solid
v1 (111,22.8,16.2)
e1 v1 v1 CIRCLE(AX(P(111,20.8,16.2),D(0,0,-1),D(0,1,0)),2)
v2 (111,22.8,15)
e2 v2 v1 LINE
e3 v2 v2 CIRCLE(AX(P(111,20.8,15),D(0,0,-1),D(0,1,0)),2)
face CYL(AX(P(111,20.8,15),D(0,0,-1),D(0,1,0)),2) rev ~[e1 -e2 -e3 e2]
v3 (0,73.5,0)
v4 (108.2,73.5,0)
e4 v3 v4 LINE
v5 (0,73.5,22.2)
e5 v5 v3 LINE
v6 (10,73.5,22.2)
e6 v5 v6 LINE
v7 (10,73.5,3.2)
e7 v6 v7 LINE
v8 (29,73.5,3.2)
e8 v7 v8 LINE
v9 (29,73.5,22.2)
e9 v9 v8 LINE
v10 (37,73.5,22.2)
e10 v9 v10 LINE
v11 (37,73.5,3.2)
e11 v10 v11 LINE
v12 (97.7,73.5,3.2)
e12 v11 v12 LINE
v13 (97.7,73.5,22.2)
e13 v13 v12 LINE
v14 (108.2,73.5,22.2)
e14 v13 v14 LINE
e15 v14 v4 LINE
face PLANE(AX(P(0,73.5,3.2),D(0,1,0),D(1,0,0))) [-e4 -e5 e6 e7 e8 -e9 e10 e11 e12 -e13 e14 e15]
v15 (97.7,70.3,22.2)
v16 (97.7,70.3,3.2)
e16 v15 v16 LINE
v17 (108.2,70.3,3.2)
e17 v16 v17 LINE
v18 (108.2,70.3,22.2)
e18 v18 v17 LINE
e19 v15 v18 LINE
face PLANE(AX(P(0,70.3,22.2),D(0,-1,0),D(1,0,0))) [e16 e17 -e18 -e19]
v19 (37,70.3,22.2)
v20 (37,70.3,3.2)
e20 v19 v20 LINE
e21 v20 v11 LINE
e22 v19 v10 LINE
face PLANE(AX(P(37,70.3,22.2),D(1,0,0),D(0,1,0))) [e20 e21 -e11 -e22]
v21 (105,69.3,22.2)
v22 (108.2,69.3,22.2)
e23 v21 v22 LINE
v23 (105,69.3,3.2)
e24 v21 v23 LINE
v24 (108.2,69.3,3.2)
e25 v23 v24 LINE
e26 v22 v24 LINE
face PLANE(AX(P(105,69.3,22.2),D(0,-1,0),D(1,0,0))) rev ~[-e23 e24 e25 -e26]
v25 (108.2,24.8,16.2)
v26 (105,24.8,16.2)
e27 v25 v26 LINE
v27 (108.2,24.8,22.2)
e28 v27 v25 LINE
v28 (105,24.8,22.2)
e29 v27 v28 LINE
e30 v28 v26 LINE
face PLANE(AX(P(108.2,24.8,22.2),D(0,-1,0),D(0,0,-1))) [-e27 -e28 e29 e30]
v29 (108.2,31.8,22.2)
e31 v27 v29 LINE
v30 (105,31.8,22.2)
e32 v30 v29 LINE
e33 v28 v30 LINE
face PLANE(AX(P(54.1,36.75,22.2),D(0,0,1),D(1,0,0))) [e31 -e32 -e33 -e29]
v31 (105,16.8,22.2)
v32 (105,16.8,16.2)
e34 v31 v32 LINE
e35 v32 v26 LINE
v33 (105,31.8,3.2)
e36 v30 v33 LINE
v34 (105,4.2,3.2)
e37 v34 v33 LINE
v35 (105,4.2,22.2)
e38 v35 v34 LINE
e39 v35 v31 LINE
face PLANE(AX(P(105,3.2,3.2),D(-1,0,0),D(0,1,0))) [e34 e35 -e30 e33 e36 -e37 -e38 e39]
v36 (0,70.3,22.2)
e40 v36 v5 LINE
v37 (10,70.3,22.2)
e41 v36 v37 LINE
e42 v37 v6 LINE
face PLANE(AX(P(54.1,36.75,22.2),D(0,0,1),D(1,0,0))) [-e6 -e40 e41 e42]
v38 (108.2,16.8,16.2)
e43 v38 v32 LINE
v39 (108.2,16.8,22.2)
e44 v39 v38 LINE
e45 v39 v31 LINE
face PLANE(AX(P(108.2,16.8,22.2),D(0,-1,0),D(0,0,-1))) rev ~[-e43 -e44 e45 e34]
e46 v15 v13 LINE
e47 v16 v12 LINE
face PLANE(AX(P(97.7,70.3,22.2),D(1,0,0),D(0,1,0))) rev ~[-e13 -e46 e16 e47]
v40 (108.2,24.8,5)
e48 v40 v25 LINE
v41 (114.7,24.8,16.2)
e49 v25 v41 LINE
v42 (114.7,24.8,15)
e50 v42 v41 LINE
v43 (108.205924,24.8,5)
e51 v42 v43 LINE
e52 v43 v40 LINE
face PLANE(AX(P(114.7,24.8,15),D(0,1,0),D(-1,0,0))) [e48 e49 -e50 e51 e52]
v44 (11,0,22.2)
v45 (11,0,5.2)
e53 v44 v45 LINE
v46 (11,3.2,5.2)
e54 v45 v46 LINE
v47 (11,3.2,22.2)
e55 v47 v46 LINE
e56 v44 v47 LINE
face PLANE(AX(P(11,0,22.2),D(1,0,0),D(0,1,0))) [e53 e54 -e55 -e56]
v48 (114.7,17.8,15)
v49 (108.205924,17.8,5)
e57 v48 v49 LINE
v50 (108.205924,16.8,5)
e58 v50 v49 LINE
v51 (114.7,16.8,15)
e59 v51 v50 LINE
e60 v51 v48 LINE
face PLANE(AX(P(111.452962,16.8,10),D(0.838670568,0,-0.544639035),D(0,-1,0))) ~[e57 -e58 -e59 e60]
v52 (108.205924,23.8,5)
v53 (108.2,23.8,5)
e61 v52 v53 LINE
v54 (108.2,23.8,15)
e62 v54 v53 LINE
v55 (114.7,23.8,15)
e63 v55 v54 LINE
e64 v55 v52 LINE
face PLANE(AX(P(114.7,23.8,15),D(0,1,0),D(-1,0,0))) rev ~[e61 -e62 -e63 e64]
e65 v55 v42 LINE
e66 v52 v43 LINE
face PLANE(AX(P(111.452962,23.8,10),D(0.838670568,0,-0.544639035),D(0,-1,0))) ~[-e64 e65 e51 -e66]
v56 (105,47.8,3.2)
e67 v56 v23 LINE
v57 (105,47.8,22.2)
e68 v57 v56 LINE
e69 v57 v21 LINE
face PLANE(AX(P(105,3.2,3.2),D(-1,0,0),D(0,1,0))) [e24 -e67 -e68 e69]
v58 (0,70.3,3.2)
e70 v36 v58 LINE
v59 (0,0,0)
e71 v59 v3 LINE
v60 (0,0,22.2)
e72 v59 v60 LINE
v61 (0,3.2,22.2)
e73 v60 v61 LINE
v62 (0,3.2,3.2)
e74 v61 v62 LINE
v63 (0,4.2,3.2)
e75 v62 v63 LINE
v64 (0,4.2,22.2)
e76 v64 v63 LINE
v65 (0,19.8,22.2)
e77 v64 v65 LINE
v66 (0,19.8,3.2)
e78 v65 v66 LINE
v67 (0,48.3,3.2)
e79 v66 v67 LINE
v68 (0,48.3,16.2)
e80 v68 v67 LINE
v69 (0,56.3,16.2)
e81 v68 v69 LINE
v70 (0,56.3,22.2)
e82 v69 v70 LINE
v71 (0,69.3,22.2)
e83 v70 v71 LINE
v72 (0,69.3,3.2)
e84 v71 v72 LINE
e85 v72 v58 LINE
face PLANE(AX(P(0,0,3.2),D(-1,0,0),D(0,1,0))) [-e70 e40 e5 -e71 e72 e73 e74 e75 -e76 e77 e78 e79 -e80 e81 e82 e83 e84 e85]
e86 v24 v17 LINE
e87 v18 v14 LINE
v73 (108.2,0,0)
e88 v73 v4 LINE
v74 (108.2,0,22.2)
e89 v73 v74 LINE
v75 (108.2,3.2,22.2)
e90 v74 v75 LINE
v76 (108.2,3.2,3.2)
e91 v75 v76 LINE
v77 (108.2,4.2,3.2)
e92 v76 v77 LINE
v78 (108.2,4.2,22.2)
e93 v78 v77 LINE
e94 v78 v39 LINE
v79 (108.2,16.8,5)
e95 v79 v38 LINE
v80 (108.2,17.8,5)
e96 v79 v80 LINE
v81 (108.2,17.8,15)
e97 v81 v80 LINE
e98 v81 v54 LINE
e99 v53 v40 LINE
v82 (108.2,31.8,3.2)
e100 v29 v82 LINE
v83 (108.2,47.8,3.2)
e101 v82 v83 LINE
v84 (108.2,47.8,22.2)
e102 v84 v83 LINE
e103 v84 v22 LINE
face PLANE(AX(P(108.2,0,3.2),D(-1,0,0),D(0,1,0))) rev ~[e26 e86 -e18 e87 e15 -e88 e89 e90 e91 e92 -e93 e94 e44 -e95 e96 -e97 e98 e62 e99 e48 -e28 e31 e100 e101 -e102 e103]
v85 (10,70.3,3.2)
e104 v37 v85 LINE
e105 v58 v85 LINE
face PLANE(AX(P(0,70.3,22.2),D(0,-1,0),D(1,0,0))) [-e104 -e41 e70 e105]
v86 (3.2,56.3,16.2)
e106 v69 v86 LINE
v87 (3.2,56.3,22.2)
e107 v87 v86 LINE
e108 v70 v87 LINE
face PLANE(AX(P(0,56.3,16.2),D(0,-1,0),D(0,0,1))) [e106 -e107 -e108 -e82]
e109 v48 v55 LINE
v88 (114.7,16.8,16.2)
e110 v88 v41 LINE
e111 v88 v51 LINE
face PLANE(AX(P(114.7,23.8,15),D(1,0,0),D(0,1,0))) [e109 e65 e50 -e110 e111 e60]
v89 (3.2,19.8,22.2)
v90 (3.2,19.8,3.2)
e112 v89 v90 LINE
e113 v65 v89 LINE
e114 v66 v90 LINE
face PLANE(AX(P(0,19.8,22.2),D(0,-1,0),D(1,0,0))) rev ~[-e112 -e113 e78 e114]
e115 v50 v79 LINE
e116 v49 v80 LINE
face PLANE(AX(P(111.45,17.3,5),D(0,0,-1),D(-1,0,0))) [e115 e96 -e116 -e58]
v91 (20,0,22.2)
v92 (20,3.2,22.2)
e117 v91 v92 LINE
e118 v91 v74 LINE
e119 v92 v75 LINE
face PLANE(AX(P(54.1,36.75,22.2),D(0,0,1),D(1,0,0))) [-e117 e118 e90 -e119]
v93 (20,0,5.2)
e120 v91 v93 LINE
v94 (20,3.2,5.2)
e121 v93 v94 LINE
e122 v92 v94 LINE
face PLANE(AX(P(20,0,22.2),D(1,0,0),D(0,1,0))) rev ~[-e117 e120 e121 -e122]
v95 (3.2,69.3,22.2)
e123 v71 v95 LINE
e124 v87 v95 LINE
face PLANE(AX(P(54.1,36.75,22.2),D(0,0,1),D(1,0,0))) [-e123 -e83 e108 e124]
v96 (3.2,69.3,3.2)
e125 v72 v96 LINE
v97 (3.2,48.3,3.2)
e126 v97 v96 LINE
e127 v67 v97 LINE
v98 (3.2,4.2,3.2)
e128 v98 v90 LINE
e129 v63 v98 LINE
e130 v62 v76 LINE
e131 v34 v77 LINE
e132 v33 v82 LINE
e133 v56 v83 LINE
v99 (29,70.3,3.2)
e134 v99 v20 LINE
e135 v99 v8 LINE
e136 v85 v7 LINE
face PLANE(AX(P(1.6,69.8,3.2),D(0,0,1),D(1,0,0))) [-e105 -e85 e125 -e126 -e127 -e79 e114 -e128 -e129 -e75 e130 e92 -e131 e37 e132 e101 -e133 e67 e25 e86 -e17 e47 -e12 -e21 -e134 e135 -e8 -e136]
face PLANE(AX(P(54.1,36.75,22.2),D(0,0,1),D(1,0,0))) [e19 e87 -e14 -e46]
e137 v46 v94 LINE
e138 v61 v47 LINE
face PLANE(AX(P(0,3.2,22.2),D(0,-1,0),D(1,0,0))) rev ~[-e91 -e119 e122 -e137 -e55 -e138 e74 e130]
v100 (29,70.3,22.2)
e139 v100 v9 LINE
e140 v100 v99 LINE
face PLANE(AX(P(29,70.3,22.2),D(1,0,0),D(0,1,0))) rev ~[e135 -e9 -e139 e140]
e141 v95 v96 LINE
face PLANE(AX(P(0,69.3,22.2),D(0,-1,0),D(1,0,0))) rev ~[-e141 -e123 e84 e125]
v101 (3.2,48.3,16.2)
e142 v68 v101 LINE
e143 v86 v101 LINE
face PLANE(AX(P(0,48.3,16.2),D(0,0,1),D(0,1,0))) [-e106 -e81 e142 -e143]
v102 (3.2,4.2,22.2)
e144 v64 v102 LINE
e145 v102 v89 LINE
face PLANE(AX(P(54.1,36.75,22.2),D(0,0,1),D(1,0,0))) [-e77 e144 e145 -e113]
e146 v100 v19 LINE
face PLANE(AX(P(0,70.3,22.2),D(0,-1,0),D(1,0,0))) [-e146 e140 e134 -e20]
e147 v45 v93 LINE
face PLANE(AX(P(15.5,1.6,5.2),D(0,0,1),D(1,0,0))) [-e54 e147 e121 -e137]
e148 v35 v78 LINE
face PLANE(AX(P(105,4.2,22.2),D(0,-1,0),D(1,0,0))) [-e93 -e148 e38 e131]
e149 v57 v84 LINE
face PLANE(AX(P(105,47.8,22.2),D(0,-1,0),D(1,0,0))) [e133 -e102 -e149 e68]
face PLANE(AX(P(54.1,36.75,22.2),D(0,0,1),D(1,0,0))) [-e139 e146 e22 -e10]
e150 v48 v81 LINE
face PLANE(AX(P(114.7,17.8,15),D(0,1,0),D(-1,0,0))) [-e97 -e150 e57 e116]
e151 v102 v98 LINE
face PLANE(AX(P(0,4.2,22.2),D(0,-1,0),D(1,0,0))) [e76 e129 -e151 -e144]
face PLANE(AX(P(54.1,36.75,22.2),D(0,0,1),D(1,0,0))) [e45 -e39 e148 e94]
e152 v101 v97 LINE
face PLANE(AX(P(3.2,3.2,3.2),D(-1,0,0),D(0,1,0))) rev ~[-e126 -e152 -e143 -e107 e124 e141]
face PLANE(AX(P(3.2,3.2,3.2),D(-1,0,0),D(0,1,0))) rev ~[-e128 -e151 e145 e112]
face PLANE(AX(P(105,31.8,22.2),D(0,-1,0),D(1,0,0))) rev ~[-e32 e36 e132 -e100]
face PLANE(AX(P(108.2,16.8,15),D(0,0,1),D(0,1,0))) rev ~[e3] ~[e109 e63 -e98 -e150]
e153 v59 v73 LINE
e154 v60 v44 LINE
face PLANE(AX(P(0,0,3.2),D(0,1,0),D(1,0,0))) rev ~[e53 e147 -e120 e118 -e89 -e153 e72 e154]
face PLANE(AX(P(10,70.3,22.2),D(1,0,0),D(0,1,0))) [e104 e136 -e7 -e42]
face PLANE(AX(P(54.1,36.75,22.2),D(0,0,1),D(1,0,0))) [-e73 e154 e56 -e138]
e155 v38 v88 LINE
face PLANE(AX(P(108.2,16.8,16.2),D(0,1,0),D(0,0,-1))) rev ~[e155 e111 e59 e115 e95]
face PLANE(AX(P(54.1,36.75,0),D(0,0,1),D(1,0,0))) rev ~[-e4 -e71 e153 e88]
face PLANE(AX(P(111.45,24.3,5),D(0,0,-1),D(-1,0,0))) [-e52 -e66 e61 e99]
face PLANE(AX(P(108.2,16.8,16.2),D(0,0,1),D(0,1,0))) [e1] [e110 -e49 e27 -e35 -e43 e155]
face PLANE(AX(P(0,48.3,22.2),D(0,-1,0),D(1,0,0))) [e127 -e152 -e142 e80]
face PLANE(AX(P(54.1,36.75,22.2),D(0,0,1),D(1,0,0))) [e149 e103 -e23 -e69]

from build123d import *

# Parameters (mm, degrees)
SKETCH1_W           = 108.2
SKETCH1_H           = 73.5
BOSS_EXTRUDE2_DEPTH = 3.2
SKETCH2_W           = 108.2
SKETCH2_H           = 73.5
SKETCH2_W_2         = 101.8
SKETCH2_H_2         = 67.1
BOSS_EXTRUDE3_DEPTH = 19
SKETCH3_W           = 3.2
SKETCH3_H           = 1
CUT_EXTRUDE1_DEPTH  = 19
SKETCH4_W           = 3.2
SKETCH4_H           = 28.5
CUT_EXTRUDE2_DEPTH  = 19
SKETCH5_W           = 19
SKETCH5_H           = 3.2
SKETCH5_W_2         = 60.7
CUT_EXTRUDE3_DEPTH  = 19
SKETCH6_W           = 3.2
SKETCH6_H           = 16
CUT_EXTRUDE4_DEPTH  = 19
SKETCH7_W           = 9
SKETCH7_H           = 3.2
CUT_EXTRUDE5_DEPTH  = 17
CUT_EXTRUDE6_REACH  = 134.674
SKETCH8_W           = 6
SKETCH8_H           = 8
CUT_EXTRUDE7_REACH  = 134.674
SKETCH9_W           = 6
SKETCH9_H           = 8
SKETCH10_W          = 1.2
SKETCH10_H          = 8
BOSS_EXTRUDE4_DEPTH = 6.5
CUT_EXTRUDE8_REACH  = 139.052
SKETCH11_R          = 2
SKETCH12_W          = 6.5
SKETCH12_H          = 1
BOSS_EXTRUDE5_DEPTH = 10
CHAMFER1_SIZE       = 10
CHAMFER1_SIZE2      = 6.494075932


with BuildPart() as part:
    # Sketch1 → Boss-Extrude2 (new body)
    with BuildSketch(Plane.XY):
        with Locations((54.1, 36.75)):
            Rectangle(SKETCH1_W, SKETCH1_H)
    extrude(amount=BOSS_EXTRUDE2_DEPTH)

    # Sketch2 → Boss-Extrude3 (add)
    with BuildSketch(Plane.XY.offset(3.2)):
        with Locations((54.1, 36.75)):
            Rectangle(SKETCH2_W, SKETCH2_H)
        with Locations((54.1, 36.75)):
            Rectangle(SKETCH2_W_2, SKETCH2_H_2, mode=Mode.SUBTRACT)
    extrude(amount=BOSS_EXTRUDE3_DEPTH)

    # Sketch3 → Cut-Extrude1 (cut)
    with BuildSketch(Plane.XY.offset(22.2)):
        with Locations((1.6, 69.8)):
            Rectangle(SKETCH3_W, SKETCH3_H)
        with Locations((106.6, 69.8)):
            Rectangle(SKETCH3_W, SKETCH3_H)
        with Locations((106.6, 3.7)):
            Rectangle(SKETCH3_W, SKETCH3_H)
        with Locations((1.6, 3.7)):
            Rectangle(SKETCH3_W, SKETCH3_H)
    extrude(amount=-CUT_EXTRUDE1_DEPTH, mode=Mode.SUBTRACT)

    # Sketch4 → Cut-Extrude2 (cut)
    with BuildSketch(Plane.XY.offset(22.2)):
        with Locations((1.6, 34.05)):
            Rectangle(SKETCH4_W, SKETCH4_H)
    extrude(amount=-CUT_EXTRUDE2_DEPTH, mode=Mode.SUBTRACT)

    # Sketch5 → Cut-Extrude3 (cut)
    with BuildSketch(Plane.XY.offset(22.2)):
        with Locations((19.5, 71.9)):
            Rectangle(SKETCH5_W, SKETCH5_H)
        with Locations((67.35, 71.9)):
            Rectangle(SKETCH5_W_2, SKETCH5_H)
    extrude(amount=-CUT_EXTRUDE3_DEPTH, mode=Mode.SUBTRACT)

    # Sketch6 → Cut-Extrude4 (cut)
    with BuildSketch(Plane.XY.offset(22.2)):
        with Locations((106.6, 39.8)):
            Rectangle(SKETCH6_W, SKETCH6_H)
    extrude(amount=-CUT_EXTRUDE4_DEPTH, mode=Mode.SUBTRACT)

    # Sketch7 → Cut-Extrude5 (cut)
    with BuildSketch(Plane.XY.offset(22.2)):
        with Locations((15.5, 1.6)):
            Rectangle(SKETCH7_W, SKETCH7_H)
    extrude(amount=-CUT_EXTRUDE5_DEPTH, mode=Mode.SUBTRACT)

    # Sketch8 → Cut-Extrude6 (cut, up to next)
    with BuildSketch(Plane.ZY, mode=Mode.PRIVATE) as cut_extrude6_sk1:
        with Locations((19.2, 52.3)):
            Rectangle(SKETCH8_W, SKETCH8_H)
    cut_extrude6_tool1 = extrude(cut_extrude6_sk1.sketch, amount=-CUT_EXTRUDE6_REACH, mode=Mode.PRIVATE) & part.part
    add(cut_extrude6_tool1.solids().sort_by_distance((0, 52.3, 19.2))[0], mode=Mode.SUBTRACT)

    # Sketch9 → Cut-Extrude7 (cut, up to next)
    with BuildSketch(Plane(origin=(108.2, 0, 0), x_dir=(0, 0, -1), z_dir=(1, 0, 0)), mode=Mode.PRIVATE) as cut_extrude7_sk1:
        with Locations((-19.2, 20.8)):
            Rectangle(SKETCH9_W, SKETCH9_H)
    cut_extrude7_tool1 = extrude(cut_extrude7_sk1.sketch, amount=-CUT_EXTRUDE7_REACH, mode=Mode.PRIVATE) & part.part
    add(cut_extrude7_tool1.solids().sort_by_distance((108.2, 20.8, 19.2))[0], mode=Mode.SUBTRACT)

    # Sketch10 → Boss-Extrude4 (add)
    with BuildSketch(Plane(origin=(108.2, 0, 0), x_dir=(0, 0, -1), z_dir=(1, 0, 0))):
        with Locations((-15.6, 20.8)):
            Rectangle(SKETCH10_W, SKETCH10_H)
    extrude(amount=BOSS_EXTRUDE4_DEPTH)

    # Sketch11 → Cut-Extrude8 (cut, up to next)
    with BuildSketch(Plane(origin=(0, 0, 15), x_dir=(-1, 0, 0), z_dir=(0, 0, -1)), mode=Mode.PRIVATE) as cut_extrude8_sk1:
        with Locations(Location((-111, 20.8, 0), (0, 0, 90))):
            Circle(SKETCH11_R)
    cut_extrude8_tool1 = extrude(cut_extrude8_sk1.sketch, amount=-CUT_EXTRUDE8_REACH, mode=Mode.PRIVATE) & part.part
    add(cut_extrude8_tool1.solids().sort_by_distance((111, 20.8, 15))[0], mode=Mode.SUBTRACT)

    # Sketch12 → Boss-Extrude5 (add)
    with BuildSketch(Plane(origin=(0, 0, 15), x_dir=(-1, 0, 0), z_dir=(0, 0, -1))):
        with Locations((-111.45, 24.3)):
            Rectangle(SKETCH12_W, SKETCH12_H)
        with Locations((-111.45, 17.3)):
            Rectangle(SKETCH12_W, SKETCH12_H)
    extrude(amount=BOSS_EXTRUDE5_DEPTH)

    # Chamfer1
    chamfer1_edges = [part.edges().sort_by_distance(p)[0] for p in [
        (114.7, 17.3, 5),
        (114.7, 24.3, 5),
    ]]
    chamfer1_side = [part.faces().sort_by_distance(p)[0] for p in [
        (114.7, 20.8, 16.062362796),
    ]]
    chamfer(chamfer1_edges, length=CHAMFER1_SIZE, length2=CHAMFER1_SIZE2, reference=chamfer1_side[0])


solid = part.part
